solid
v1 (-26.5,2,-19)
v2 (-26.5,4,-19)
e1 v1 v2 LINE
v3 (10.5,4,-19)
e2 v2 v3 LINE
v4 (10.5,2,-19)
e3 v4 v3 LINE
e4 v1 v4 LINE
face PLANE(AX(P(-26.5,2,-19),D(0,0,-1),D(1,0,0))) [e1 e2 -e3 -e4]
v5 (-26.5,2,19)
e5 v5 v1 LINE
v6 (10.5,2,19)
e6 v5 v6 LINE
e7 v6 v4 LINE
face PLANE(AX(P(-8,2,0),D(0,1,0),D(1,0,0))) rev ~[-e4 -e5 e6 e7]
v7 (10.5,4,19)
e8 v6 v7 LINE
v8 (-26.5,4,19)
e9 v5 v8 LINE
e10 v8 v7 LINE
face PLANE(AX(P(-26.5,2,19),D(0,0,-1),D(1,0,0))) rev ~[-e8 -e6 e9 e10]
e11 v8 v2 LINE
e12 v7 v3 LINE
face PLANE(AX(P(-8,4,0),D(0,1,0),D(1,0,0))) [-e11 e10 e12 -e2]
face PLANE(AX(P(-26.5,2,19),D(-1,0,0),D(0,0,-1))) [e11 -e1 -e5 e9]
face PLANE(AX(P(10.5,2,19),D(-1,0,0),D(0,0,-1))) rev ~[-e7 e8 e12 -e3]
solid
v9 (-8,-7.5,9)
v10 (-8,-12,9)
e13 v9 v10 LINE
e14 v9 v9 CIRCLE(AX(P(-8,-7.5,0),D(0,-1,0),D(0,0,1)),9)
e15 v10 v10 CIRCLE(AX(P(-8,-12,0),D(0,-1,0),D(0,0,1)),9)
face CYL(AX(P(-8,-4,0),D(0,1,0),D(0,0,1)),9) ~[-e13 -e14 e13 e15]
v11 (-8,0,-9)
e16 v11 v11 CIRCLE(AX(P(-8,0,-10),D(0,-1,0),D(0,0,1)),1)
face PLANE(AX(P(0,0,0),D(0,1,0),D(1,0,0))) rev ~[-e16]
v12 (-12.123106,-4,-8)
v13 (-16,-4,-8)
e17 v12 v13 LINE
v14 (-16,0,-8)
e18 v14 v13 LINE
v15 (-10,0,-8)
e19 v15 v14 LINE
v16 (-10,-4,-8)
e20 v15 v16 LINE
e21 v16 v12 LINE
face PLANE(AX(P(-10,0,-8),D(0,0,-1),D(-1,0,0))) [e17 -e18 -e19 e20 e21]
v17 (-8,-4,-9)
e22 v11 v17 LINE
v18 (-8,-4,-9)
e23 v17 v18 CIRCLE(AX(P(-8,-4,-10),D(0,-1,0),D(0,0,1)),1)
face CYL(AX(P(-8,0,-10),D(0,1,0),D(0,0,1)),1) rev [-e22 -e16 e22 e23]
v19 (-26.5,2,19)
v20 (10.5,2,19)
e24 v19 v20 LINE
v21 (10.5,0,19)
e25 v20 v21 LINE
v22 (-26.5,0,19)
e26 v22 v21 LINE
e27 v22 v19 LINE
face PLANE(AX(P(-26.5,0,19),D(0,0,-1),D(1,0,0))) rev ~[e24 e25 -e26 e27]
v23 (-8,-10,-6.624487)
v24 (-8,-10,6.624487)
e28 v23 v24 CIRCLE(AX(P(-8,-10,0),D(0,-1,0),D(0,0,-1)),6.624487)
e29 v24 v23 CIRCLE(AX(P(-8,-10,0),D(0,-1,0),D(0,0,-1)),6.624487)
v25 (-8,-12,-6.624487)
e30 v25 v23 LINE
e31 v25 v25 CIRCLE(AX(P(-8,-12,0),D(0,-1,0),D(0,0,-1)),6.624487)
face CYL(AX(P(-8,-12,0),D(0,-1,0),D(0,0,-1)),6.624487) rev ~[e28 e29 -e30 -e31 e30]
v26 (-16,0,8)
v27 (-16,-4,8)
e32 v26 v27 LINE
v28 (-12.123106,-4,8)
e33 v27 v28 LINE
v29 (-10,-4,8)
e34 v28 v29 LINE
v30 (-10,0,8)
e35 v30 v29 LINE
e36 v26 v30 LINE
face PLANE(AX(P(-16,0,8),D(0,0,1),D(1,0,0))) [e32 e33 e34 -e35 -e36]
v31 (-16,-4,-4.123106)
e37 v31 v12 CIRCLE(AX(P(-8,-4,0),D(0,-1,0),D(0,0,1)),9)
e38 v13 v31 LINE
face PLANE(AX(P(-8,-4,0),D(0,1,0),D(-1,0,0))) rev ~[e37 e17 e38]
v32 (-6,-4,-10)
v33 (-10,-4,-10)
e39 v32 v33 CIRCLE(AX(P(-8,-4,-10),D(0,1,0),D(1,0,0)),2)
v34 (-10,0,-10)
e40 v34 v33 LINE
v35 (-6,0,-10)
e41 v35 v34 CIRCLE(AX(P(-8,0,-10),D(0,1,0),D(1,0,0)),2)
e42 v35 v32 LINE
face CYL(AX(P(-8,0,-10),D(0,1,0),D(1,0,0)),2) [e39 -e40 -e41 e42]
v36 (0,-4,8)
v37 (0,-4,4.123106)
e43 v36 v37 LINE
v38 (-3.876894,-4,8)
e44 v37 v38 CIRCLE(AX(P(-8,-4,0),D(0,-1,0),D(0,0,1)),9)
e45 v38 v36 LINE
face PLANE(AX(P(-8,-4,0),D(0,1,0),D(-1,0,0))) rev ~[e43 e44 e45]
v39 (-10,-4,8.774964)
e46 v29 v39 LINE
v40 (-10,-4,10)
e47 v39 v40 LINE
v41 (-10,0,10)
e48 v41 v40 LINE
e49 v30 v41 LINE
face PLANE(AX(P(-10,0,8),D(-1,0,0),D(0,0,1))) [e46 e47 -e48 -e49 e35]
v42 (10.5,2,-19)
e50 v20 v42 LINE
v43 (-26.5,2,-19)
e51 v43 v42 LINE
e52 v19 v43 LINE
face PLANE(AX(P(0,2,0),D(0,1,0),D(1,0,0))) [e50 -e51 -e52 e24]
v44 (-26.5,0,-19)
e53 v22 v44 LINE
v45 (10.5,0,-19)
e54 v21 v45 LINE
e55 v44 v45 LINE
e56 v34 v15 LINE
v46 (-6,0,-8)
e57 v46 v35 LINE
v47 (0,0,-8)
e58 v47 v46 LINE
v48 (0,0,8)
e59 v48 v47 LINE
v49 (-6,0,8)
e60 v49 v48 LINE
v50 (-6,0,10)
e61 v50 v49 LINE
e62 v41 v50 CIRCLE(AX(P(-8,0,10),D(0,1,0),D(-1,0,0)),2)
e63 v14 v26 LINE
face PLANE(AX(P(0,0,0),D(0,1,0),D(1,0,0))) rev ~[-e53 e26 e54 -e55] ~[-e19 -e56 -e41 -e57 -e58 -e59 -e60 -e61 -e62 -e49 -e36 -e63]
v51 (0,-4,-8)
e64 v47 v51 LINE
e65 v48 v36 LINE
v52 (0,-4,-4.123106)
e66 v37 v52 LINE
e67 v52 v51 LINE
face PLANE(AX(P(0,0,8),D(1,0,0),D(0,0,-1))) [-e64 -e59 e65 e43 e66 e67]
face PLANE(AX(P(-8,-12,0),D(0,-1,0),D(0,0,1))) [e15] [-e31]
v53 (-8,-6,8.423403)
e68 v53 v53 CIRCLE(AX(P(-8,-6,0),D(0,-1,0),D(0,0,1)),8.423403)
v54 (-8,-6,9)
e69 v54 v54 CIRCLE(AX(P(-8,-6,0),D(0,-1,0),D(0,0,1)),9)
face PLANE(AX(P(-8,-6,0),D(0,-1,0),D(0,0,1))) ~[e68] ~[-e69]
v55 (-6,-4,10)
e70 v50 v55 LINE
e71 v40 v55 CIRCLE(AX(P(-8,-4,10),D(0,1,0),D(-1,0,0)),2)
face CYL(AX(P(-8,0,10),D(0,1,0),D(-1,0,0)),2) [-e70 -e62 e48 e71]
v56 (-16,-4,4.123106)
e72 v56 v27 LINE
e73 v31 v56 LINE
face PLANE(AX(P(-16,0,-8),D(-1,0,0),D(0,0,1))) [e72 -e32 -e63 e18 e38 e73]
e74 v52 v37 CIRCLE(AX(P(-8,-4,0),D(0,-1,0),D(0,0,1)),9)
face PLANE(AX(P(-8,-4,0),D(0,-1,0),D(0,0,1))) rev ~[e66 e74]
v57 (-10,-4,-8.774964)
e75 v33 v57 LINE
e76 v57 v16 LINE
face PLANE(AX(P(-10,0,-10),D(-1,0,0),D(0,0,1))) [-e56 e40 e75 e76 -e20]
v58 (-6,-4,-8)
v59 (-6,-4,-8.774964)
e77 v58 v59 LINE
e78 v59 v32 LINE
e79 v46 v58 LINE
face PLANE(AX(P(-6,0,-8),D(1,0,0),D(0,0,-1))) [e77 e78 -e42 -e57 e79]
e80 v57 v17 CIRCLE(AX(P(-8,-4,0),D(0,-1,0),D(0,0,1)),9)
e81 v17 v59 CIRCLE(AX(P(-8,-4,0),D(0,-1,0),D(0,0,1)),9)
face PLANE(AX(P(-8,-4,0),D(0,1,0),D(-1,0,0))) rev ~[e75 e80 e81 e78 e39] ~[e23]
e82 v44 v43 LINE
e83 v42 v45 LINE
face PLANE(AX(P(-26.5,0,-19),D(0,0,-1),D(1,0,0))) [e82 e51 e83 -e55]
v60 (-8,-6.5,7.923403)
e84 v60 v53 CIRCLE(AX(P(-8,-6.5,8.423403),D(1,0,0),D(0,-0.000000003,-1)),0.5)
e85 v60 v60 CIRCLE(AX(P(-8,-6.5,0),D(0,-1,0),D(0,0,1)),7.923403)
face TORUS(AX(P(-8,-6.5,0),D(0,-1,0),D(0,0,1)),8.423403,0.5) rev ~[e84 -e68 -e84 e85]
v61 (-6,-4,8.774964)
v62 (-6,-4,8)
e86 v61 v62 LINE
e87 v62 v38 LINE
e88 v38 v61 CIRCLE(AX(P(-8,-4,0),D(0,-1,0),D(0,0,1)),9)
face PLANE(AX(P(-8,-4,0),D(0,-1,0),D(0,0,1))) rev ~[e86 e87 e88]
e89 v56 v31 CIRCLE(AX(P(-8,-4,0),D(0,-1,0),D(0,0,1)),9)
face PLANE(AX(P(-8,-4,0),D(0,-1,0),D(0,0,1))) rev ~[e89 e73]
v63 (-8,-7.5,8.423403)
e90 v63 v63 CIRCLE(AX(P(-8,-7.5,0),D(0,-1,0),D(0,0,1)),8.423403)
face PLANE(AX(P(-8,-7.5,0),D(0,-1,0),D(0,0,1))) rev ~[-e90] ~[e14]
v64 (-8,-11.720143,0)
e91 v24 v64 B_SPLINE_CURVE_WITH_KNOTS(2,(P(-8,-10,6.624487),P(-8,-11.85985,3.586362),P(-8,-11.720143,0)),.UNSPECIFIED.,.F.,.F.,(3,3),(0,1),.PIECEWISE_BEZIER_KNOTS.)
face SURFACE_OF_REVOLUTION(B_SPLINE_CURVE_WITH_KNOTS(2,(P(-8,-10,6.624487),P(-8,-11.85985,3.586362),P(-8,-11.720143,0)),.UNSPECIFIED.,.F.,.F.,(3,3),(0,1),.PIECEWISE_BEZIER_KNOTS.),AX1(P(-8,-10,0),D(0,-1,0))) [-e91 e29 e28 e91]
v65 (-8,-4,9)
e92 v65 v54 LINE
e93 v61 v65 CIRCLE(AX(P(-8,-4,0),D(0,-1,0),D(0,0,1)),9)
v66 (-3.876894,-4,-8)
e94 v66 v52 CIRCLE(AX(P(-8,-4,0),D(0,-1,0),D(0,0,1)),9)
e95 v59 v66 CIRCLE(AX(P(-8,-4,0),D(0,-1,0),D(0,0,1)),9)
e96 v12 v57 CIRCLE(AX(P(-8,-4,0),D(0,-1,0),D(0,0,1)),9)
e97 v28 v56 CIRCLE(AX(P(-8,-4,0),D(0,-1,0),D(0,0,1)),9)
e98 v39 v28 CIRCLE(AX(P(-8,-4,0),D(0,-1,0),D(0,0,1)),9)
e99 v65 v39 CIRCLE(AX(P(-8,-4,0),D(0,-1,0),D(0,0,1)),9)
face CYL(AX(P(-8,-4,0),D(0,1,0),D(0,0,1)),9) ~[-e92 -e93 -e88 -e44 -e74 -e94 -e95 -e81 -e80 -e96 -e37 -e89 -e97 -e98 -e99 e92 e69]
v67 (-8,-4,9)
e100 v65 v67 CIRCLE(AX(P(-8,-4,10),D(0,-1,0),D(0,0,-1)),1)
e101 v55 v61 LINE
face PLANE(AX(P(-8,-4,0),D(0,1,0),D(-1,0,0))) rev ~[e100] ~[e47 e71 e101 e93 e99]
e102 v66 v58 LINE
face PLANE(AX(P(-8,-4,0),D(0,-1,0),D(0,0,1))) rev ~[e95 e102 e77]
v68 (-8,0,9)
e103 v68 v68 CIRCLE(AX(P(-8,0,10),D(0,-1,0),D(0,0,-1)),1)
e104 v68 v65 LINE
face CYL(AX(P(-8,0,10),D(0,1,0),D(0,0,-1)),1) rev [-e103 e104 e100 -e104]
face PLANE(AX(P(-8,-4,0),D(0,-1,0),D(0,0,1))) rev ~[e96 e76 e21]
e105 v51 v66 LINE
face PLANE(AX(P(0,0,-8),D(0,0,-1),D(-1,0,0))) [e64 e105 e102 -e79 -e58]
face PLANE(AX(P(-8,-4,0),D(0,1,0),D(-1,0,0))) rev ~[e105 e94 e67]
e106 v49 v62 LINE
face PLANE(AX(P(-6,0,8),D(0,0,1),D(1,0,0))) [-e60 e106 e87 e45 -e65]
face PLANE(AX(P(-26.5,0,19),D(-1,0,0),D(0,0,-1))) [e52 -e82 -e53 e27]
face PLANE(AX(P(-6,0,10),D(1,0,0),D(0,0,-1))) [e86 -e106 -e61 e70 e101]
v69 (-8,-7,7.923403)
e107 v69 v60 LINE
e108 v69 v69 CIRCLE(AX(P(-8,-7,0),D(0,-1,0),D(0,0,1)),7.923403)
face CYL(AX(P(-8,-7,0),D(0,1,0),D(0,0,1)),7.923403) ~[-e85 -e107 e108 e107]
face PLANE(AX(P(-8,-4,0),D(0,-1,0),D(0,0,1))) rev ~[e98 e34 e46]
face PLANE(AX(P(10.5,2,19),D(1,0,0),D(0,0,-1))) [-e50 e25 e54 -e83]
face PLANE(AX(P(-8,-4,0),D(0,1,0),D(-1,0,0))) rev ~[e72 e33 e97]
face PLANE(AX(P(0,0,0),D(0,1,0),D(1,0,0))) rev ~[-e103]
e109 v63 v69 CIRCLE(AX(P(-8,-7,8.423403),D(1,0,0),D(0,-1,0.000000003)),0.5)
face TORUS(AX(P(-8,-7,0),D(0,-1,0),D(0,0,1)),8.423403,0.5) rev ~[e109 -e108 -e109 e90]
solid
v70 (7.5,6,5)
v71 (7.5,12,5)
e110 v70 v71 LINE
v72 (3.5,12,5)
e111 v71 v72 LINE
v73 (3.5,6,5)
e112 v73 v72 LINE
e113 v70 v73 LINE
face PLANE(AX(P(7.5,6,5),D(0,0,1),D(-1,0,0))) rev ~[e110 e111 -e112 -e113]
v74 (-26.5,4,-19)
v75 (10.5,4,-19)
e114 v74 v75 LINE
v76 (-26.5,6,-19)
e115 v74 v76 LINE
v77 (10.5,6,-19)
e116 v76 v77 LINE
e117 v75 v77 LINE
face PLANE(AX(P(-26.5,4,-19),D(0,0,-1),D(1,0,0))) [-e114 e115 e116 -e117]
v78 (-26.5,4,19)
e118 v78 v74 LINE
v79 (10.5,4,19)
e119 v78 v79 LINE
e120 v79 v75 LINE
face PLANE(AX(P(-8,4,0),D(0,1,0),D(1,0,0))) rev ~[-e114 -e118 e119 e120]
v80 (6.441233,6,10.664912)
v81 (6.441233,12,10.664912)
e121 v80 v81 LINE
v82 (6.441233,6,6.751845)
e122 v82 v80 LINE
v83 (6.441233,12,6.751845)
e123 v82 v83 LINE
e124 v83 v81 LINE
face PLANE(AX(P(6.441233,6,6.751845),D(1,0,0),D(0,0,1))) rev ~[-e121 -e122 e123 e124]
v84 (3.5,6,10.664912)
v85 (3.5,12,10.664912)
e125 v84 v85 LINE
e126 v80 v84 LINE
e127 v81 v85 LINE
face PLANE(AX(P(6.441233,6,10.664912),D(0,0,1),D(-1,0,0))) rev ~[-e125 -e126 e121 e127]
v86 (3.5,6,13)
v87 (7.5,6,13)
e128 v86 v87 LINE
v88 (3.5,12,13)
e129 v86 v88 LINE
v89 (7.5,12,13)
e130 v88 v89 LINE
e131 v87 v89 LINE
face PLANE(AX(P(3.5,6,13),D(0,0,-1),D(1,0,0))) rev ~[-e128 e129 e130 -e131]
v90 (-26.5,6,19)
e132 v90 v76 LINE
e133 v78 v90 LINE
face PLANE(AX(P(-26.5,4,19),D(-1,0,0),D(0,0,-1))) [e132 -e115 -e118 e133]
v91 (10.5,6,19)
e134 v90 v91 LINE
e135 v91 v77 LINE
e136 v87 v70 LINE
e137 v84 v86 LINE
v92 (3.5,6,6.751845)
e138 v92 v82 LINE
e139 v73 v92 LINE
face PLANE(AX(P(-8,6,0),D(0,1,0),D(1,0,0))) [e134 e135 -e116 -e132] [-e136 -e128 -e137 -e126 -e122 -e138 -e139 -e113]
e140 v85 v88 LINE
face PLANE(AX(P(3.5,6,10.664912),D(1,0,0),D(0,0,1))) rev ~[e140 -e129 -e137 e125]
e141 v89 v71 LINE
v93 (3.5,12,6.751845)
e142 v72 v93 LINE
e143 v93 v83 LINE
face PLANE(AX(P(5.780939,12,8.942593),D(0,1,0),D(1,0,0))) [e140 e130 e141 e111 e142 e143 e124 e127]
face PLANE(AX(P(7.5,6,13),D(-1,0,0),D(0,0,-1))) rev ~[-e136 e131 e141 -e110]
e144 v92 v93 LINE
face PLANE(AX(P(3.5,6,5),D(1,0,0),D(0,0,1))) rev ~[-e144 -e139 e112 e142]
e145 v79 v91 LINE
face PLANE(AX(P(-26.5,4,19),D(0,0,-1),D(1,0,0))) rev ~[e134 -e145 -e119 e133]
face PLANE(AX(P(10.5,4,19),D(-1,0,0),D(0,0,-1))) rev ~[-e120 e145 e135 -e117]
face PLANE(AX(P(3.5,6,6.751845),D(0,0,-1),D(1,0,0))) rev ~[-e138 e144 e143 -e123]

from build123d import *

# Parameters (mm, degrees)
SKETCH_1_W          = 53
SKETCH_1_H          = 38
SKETCH_1_R          = 1.5
EXTRUDE_1_DEPTH     = 2
SKETCH_2_W          = 37
SKETCH_2_H          = 38
EXTRUDE_2_DEPTH     = 2
SKETCH_3_W          = 37
SKETCH_3_H          = 38
EXTRUDE_3_DEPTH     = 2
EXTRUDE_4_DEPTH     = 6
SKETCH_5_R          = 1
EXTRUDE_5_DEPTH     = 4
SKETCH_6_R          = 9
EXTRUDE_6_DEPTH     = 8
SKETCH_7_R          = 6.62448747
CUT_EXTRUDE_1_DEPTH = 2
SKETCH1_W           = 16
SKETCH1_H           = 38
CUT_EXTRUDE1_DEPTH  = 10


with BuildPart() as part:
    # 草图1 → 凸台-拉伸1 (new body)
    with BuildSketch(Plane(origin=(0, 0, 0), x_dir=(1, 0, 0), z_dir=(0, 1, 0))):
        Rectangle(SKETCH_1_W, SKETCH_1_H)
        with Locations((21.5, 7.5)):
            Circle(SKETCH_1_R, mode=Mode.SUBTRACT)
        with Locations((21.5, -7.5)):
            Circle(SKETCH_1_R, mode=Mode.SUBTRACT)
    extrude(amount=EXTRUDE_1_DEPTH)

    # 草图5 → 凸台-拉伸5 (add)
    with BuildSketch(Plane.XZ):
        with BuildLine():
            Line((-6, 10), (-6, 8))
            Line((-6, 8), (0, 8))
            Line((0, 8), (0, -8))
            Line((0, -8), (-6, -8))
            Line((-6, -8), (-6, -10))
            ThreePointArc((-6, -10), (-8, -12), (-10, -10))
            Line((-10, -10), (-10, -8))
            Line((-10, -8), (-16, -8))
            Line((-16, -8), (-16, 8))
            Line((-16, 8), (-10, 8))
            Line((-10, 8), (-10, 10))
            ThreePointArc((-10, 10), (-8, 12), (-6, 10))
        make_face()
        with Locations((-8, 10)):
            Circle(SKETCH_5_R, mode=Mode.SUBTRACT)
        with Locations((-8, -10)):
            Circle(SKETCH_5_R, mode=Mode.SUBTRACT)
    extrude(amount=EXTRUDE_5_DEPTH)

    # 草图6 → 凸台-拉伸6 (add)
    with BuildSketch(Plane.XZ.offset(4)):
        with Locations((-8, 0)):
            Circle(SKETCH_6_R)
    extrude(amount=EXTRUDE_6_DEPTH)

    # 草图7 → 切除-拉伸1 (cut)
    with BuildSketch(Plane.XZ.offset(12)):
        with Locations((-8, 0)):
            Circle(SKETCH_7_R)
    extrude(amount=-CUT_EXTRUDE_1_DEPTH, mode=Mode.SUBTRACT)

    # 草图8 → 旋转1 (revolve)
    with BuildSketch(Plane(origin=(-8, 0, 0), x_dir=(0, -1, 0), z_dir=(1, 0, 0))):
        with BuildLine():
            Line((10, 0), (11.720143423, 0))
            add(Edge.make_bspline(
                [(10, -6.62448747), (11.859849746, -3.586362146), (11.720143423, 0)],
                knots=[0, 0, 0, 1, 1, 1], degree=2))
            Line((10, -6.62448747), (10, 0))
        make_face()
    revolve(axis=Axis((-8, -10, 0), (0, -1, 0)))

    # 草图9 → 切除-旋转1 (revolve, cut)
    with BuildSketch(Plane(origin=(-8, 0, 0), x_dir=(0, -1, 0), z_dir=(1, 0, 0))):
        with BuildLine():
            Line((6, -9), (7.5, -9))
            Line((7.5, -9), (7.5, -8.423402625))
            ThreePointArc((7.5, -8.423402625), (7.353553391, -8.069849234), (7, -7.923402625))
            Line((7, -7.923402625), (6.5, -7.923402625))
            ThreePointArc((6.5, -7.923402625), (6.146446609, -8.069849234), (6, -8.423402625))
            Line((6, -8.423402625), (6, -9))
        make_face()
    revolve(axis=Axis((-8, -6.28732061, 0), (0, -1, 0)), mode=Mode.SUBTRACT)

    # Sketch1 → Cut-Extrude1 (cut)
    with BuildSketch(Plane(origin=(0, 2, 0), x_dir=(1, 0, 0), z_dir=(0, 1, 0))):
        with Locations((18.5, 0)):
            Rectangle(SKETCH1_W, SKETCH1_H)
    extrude(amount=-CUT_EXTRUDE1_DEPTH, mode=Mode.SUBTRACT)


with BuildPart() as body_2:
    # 草图2 → 凸台-拉伸2 (new body)
    with BuildSketch(Plane(origin=(0, 2, 0), x_dir=(1, 0, 0), z_dir=(0, 1, 0))):
        with Locations((-8, 0)):
            Rectangle(SKETCH_2_W, SKETCH_2_H)
    extrude(amount=EXTRUDE_2_DEPTH)


with BuildPart() as body_3:
    # 草图3 → 凸台-拉伸3 (new body)
    with BuildSketch(Plane(origin=(0, 4, 0), x_dir=(1, 0, 0), z_dir=(0, 1, 0))):
        with Locations((-8, 0)):
            Rectangle(SKETCH_3_W, SKETCH_3_H)
    extrude(amount=EXTRUDE_3_DEPTH)

    # 草图4 → 凸台-拉伸4 (add)
    with BuildSketch(Plane(origin=(0, 6, 0), x_dir=(1, 0, 0), z_dir=(0, 1, 0))):
        Polygon((3.5, -10.664911908), (3.5, -13), (7.5, -13), (7.5, -5), (3.5, -5), (3.5, -6.751845124), (6.441233058, -6.751845124), (6.441233058, -10.664911908), align=None)
    extrude(amount=EXTRUDE_4_DEPTH)


solid = Compound([part.part, body_2.part, body_3.part])
